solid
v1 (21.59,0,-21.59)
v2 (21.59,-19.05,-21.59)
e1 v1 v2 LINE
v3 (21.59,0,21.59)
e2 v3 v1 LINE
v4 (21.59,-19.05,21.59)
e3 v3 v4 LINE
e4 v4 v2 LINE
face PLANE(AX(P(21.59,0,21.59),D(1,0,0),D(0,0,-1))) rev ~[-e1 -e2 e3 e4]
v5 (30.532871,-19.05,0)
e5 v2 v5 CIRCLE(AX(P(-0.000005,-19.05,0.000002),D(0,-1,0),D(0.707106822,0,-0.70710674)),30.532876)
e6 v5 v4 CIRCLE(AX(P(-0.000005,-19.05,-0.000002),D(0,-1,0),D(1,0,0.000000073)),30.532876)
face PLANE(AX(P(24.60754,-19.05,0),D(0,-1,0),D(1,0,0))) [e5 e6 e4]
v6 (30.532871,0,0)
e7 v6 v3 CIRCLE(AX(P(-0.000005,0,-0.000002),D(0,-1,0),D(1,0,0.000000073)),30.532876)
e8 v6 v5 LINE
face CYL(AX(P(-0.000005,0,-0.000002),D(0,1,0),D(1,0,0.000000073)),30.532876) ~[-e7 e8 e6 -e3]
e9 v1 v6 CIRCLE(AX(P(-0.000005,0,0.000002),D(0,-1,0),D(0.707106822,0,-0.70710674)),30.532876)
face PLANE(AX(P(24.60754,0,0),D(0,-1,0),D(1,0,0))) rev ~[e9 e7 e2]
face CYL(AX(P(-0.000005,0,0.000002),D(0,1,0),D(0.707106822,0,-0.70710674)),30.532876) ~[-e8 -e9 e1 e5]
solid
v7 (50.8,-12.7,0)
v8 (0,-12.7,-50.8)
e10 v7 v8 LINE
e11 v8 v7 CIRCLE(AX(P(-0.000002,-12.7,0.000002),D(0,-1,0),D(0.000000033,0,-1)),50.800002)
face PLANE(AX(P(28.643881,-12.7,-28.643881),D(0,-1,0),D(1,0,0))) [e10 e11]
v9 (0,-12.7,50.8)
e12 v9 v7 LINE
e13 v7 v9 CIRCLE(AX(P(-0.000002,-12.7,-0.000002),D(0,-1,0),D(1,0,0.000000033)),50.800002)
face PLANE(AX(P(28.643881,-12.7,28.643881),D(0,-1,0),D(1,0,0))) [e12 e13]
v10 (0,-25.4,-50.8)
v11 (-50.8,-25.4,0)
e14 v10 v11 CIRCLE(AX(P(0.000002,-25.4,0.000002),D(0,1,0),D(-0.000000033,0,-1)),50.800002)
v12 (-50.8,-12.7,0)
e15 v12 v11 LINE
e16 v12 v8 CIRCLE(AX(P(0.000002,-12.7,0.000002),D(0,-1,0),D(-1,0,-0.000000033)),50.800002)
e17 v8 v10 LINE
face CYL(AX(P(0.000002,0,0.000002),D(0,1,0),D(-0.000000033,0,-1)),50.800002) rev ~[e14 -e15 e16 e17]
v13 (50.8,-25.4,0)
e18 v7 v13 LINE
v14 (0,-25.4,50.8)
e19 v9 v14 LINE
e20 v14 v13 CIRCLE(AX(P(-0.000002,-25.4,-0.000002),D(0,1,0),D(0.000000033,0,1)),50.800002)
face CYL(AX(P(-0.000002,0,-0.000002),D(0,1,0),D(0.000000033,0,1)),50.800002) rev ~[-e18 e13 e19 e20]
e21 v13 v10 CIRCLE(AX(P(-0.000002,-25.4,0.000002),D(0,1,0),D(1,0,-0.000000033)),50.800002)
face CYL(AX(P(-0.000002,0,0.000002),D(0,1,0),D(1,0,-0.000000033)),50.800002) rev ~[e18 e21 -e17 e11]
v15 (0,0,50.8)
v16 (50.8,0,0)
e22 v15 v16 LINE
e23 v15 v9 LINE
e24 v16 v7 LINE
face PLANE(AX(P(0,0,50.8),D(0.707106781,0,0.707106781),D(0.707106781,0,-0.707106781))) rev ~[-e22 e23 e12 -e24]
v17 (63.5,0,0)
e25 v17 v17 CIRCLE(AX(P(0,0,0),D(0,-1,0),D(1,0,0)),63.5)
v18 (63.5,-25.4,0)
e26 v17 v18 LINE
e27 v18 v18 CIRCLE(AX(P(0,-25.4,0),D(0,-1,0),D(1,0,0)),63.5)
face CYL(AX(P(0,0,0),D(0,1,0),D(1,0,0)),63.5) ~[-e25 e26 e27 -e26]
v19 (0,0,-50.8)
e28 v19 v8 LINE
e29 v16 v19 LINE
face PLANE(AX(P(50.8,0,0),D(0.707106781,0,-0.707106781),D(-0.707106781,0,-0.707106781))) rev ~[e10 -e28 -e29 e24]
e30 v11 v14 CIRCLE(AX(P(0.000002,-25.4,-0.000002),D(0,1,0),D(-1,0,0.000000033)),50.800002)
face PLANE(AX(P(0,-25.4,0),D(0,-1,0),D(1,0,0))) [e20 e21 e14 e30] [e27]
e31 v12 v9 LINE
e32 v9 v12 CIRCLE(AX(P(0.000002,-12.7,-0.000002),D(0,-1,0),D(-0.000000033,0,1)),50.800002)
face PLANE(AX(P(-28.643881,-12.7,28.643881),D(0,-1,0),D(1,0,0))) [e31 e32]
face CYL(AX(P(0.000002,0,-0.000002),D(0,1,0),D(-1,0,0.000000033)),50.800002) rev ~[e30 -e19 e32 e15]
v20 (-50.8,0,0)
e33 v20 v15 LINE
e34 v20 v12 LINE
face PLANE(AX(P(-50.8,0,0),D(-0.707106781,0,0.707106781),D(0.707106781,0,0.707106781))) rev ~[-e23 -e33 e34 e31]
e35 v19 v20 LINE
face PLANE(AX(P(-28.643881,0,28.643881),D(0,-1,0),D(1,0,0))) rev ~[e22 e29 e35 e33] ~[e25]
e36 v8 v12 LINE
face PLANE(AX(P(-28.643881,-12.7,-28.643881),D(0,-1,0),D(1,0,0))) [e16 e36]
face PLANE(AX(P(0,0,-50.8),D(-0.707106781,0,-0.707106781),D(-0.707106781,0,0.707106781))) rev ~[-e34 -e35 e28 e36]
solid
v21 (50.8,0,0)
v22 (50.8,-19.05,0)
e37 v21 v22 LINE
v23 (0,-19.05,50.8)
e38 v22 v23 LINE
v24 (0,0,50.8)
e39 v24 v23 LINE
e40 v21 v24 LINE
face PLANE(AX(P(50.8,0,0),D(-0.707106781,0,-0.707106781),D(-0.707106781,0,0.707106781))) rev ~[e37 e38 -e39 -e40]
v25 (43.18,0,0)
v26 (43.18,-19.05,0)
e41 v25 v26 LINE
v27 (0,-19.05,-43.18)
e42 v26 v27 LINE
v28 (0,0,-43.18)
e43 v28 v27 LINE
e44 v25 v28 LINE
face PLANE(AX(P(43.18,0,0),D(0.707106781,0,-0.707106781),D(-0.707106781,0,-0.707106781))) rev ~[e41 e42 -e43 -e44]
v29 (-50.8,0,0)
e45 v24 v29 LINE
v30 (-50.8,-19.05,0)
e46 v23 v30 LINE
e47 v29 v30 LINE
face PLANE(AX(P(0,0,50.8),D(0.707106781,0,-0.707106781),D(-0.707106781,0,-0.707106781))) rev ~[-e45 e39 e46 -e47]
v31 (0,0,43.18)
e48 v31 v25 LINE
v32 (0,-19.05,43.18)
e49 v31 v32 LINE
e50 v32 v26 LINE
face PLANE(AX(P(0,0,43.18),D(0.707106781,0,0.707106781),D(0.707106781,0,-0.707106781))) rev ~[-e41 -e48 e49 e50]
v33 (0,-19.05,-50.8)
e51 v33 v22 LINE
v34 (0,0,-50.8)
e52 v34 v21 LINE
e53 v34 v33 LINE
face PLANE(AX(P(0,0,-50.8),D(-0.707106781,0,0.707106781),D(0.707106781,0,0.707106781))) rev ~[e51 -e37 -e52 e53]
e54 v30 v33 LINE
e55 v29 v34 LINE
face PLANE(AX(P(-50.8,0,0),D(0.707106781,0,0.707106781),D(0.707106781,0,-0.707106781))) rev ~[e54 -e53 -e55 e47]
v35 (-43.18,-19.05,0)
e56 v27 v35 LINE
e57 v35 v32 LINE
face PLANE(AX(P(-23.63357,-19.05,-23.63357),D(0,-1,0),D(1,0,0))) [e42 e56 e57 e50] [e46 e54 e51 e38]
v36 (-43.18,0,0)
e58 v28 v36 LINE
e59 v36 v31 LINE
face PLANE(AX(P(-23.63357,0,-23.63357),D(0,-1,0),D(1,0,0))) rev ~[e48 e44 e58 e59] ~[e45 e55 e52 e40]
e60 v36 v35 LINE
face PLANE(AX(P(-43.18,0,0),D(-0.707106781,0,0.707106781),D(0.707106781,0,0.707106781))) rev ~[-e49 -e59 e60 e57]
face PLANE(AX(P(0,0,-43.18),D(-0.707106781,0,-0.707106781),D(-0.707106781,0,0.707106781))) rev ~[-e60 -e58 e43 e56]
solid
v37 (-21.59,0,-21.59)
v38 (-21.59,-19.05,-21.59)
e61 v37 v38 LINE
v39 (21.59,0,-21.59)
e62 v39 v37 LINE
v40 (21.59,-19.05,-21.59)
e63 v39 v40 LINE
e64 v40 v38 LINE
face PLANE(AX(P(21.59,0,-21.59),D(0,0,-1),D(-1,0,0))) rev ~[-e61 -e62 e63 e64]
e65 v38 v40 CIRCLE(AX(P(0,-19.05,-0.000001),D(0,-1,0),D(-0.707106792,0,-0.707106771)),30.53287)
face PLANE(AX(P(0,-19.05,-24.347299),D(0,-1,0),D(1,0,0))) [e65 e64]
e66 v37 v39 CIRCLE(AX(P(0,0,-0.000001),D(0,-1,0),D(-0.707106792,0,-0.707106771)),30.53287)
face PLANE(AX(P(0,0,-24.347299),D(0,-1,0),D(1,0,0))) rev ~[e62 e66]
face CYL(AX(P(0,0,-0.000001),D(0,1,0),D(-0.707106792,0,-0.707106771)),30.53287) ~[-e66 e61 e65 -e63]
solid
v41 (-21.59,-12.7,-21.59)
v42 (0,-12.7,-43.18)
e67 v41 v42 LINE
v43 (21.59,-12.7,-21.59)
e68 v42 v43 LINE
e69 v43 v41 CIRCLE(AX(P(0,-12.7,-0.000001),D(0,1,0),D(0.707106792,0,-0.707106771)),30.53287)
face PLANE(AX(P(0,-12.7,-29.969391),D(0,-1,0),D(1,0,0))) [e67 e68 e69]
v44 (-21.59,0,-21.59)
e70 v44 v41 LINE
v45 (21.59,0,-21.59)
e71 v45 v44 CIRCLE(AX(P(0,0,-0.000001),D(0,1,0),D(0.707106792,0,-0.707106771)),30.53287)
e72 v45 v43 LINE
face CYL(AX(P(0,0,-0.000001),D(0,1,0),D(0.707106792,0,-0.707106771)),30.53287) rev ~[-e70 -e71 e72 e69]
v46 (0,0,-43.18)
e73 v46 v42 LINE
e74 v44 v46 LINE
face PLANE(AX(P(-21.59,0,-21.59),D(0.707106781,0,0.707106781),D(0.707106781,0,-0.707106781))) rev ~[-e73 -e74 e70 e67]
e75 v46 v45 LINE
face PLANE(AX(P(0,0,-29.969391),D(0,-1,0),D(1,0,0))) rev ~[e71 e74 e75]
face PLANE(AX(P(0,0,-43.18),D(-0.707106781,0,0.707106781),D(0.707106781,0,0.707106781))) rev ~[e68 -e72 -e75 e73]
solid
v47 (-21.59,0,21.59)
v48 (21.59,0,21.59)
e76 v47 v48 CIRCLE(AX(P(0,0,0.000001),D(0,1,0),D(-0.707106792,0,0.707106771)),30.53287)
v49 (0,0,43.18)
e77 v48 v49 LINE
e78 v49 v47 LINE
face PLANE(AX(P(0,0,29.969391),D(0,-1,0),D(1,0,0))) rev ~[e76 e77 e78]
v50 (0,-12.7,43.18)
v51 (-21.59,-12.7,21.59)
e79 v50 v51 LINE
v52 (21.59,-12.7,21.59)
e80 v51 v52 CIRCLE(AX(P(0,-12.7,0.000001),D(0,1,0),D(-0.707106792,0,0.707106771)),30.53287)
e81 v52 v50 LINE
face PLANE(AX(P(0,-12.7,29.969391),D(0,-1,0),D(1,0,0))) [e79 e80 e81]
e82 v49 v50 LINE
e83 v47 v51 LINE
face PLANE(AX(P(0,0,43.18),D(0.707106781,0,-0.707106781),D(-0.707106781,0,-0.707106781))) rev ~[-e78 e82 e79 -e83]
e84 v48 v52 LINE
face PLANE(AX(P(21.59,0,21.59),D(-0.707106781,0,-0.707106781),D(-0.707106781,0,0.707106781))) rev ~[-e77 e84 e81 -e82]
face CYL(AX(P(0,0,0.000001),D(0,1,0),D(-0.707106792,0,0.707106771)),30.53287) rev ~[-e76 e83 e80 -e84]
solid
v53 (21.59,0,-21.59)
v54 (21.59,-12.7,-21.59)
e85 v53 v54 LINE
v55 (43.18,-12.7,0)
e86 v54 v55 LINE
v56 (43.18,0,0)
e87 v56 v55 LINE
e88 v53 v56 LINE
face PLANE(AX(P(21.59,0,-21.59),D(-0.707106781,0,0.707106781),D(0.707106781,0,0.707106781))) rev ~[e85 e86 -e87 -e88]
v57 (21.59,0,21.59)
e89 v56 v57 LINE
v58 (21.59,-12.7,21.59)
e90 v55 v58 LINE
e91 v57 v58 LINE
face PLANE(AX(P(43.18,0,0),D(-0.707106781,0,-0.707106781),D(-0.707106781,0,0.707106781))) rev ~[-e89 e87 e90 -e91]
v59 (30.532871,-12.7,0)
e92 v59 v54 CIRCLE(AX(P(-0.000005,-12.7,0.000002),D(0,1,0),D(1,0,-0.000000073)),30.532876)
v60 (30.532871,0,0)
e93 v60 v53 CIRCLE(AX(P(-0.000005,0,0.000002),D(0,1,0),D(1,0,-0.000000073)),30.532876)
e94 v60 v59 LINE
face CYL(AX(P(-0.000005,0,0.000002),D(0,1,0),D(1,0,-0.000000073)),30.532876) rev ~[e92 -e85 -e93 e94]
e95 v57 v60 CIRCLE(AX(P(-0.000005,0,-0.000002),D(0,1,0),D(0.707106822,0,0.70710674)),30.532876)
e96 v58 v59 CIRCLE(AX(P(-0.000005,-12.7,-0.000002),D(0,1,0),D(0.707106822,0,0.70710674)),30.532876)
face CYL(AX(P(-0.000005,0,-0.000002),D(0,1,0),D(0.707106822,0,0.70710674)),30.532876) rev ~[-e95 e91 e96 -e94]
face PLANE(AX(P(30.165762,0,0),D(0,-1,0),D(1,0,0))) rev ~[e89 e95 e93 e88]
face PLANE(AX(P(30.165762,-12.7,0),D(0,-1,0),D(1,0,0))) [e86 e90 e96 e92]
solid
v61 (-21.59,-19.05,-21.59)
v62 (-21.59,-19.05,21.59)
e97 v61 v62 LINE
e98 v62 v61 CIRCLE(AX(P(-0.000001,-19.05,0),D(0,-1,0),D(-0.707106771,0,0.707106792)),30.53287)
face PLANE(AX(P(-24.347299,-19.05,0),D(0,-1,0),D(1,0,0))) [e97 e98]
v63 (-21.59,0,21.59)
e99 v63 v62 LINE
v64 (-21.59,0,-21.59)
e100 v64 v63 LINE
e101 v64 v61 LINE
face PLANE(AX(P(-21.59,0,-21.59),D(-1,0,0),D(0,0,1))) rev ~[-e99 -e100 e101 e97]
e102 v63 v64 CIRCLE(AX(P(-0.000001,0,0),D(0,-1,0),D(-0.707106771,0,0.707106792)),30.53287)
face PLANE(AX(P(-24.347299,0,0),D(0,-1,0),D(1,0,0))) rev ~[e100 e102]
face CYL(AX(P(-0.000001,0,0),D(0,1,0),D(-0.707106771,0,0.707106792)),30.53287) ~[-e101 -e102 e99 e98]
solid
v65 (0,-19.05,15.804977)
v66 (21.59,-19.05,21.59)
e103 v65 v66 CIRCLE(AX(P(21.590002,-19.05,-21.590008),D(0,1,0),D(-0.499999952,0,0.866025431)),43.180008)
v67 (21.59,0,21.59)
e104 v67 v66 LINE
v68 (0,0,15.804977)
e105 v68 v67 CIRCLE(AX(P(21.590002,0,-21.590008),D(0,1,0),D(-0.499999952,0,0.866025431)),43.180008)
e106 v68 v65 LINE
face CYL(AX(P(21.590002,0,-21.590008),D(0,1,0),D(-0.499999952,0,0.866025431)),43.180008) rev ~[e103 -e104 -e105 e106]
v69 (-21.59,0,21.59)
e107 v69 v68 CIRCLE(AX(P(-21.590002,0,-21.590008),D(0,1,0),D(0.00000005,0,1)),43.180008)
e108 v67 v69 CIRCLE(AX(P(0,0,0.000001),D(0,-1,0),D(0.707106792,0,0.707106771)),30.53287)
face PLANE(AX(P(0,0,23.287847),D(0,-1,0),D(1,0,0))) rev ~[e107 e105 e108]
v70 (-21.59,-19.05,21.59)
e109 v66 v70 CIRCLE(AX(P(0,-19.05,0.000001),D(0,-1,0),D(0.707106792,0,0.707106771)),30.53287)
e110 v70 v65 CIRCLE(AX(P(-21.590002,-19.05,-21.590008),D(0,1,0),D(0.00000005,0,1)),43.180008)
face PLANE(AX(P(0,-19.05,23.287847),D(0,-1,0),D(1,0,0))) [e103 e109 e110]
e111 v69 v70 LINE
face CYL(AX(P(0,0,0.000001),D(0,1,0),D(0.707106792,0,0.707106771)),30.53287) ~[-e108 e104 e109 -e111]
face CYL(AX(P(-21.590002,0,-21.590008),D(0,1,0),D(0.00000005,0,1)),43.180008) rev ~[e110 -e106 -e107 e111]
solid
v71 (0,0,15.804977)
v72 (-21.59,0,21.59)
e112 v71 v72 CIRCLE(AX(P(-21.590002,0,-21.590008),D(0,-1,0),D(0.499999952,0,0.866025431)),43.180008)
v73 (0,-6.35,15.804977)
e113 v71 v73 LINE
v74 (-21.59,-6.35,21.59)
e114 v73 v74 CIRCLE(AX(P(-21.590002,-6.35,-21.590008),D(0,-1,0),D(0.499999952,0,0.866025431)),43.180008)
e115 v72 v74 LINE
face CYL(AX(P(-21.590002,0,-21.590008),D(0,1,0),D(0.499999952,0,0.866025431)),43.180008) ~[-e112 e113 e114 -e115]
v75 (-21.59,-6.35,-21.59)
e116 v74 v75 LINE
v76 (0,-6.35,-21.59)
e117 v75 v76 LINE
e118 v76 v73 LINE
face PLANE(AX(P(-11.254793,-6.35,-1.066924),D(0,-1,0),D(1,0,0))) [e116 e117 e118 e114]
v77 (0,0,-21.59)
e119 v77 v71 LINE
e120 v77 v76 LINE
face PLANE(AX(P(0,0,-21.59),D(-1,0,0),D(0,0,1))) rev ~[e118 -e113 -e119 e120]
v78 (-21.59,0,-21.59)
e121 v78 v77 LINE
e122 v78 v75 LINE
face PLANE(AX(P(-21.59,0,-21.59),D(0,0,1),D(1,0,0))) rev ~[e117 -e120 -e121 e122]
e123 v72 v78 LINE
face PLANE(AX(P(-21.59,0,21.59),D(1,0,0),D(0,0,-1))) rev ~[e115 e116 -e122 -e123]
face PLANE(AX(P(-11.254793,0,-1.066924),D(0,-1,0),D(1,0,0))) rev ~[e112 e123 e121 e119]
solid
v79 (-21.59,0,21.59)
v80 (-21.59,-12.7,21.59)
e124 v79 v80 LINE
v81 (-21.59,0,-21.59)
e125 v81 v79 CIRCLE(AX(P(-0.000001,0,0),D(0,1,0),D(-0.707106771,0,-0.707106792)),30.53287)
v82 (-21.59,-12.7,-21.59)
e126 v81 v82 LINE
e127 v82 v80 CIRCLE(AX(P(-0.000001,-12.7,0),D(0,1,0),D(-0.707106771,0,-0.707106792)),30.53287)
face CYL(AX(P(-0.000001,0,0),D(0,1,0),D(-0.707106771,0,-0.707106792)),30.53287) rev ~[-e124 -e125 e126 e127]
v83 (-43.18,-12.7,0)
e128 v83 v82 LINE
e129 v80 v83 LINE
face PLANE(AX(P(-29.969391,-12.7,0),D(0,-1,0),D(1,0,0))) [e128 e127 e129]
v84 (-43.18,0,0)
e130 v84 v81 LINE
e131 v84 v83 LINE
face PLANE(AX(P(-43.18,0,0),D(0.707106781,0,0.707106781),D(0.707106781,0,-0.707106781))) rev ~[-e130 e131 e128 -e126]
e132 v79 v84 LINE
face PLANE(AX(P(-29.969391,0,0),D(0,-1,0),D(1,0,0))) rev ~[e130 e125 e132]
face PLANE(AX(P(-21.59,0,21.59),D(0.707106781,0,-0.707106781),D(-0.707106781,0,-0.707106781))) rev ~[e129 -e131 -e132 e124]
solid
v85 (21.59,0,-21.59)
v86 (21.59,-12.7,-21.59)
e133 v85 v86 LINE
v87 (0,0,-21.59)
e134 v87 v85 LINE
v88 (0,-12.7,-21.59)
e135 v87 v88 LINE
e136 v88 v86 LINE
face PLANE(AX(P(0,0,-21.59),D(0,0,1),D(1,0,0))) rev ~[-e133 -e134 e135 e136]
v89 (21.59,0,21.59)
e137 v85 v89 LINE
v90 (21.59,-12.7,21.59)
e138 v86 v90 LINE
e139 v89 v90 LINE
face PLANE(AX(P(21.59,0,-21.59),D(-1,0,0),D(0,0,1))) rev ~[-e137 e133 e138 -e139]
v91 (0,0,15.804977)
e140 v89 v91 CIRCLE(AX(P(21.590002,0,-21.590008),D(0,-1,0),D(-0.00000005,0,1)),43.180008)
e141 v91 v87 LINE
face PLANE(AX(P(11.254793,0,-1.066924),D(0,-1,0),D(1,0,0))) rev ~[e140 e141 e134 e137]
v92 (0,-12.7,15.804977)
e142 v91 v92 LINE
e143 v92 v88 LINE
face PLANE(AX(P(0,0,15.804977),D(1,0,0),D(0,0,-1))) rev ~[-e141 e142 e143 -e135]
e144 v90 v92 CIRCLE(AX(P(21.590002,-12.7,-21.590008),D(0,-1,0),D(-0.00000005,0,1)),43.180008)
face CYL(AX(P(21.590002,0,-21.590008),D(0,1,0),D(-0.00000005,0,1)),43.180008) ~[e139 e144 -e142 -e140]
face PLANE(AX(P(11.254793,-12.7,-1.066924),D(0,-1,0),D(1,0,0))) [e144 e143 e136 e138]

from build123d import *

# Parameters (mm, degrees)
F0_R     = 63.5
F1_DEPTH = 25.4
F2_DEPTH = 12.7
F3_DEPTH = 12.7
F4_DEPTH = 19.05
F5_DEPTH = 19.05
F6_DEPTH = 6.35
F7_DEPTH = 12.7


with BuildPart() as f1:
    # F0 (on Front) → F1 (new body)
    with BuildSketch(Plane.XZ):
        Circle(F0_R)
        with BuildLine():
            ThreePointArc((0, 50.8), (35.921024, 35.921024), (50.8, 0))
            ThreePointArc((50.8, 0), (35.921024, -35.921024), (0, -50.8))
            ThreePointArc((0, -50.8), (-35.921024, -35.921024), (-50.8, 0))
            ThreePointArc((-50.8, 0), (-35.921024, 35.921024), (0, 50.8))
        make_face(mode=Mode.SUBTRACT)
    extrude(amount=F1_DEPTH)

    # F0 (on Front) → F2 (join)
    with BuildSketch(Plane.XZ):
        with BuildLine():
            Line((-50.8, 0), (0, 50.8))
            ThreePointArc((0, 50.8), (-35.921024, 35.921024), (-50.8, 0))
        make_face()
        with BuildLine():
            ThreePointArc((-50.8, 0), (-35.921024, -35.921024), (0, -50.8))
            Line((0, -50.8), (-50.8, 0))
        make_face()
        with BuildLine():
            ThreePointArc((0, -50.8), (35.921024, -35.921024), (50.8, 0))
            Line((50.8, 0), (0, -50.8))
        make_face()
        with BuildLine():
            Line((0, 50.8), (50.8, 0))
            ThreePointArc((50.8, 0), (35.921024, 35.921024), (0, 50.8))
        make_face()
    extrude(amount=F2_DEPTH)


with BuildPart() as f3:
    # F0 (on Front) → F3 (new body)
    with BuildSketch(Plane.XZ):
        with BuildLine():
            Line((-21.59, 21.59), (-43.18, 0))
            Line((-43.18, 0), (-21.59, -21.59))
            ThreePointArc((-21.59, -21.59), (-30.532871, 0), (-21.59, 21.59))
        make_face()
        with BuildLine():
            Line((-21.59, -21.59), (0, -43.18))
            Line((0, -43.18), (21.59, -21.59))
            ThreePointArc((21.59, -21.59), (0, -30.532871), (-21.59, -21.59))
        make_face()
        with BuildLine():
            Line((21.59, -21.59), (43.18, 0))
            Line((43.18, 0), (21.59, 21.59))
            ThreePointArc((21.59, 21.59), (28.208694, 11.684424), (30.532871, 0))
            ThreePointArc((30.532871, 0), (28.208694, -11.684424), (21.59, -21.59))
        make_face()
        with BuildLine():
            Line((21.59, 21.59), (0, 43.18))
            Line((0, 43.18), (-21.59, 21.59))
            ThreePointArc((-21.59, 21.59), (0, 30.532871), (21.59, 21.59))
        make_face()
    extrude(amount=F3_DEPTH)


with BuildPart() as f4:
    # F0 (on Front) → F4 (new body)
    with BuildSketch(Plane.XZ):
        with BuildLine():
            ThreePointArc((0, 15.804977), (10.414194, 20.118677), (21.59, 21.59))
            ThreePointArc((21.59, 21.59), (0, 30.532871), (-21.59, 21.59))
            ThreePointArc((-21.59, 21.59), (-10.414194, 20.118677), (0, 15.804977))
        make_face()
        with BuildLine():
            Line((-21.59, -21.59), (-21.59, 21.59))
            ThreePointArc((-21.59, 21.59), (-30.532871, 0), (-21.59, -21.59))
        make_face()
        with BuildLine():
            ThreePointArc((30.532871, 0), (28.208694, 11.684424), (21.59, 21.59))
            Line((21.59, 21.59), (21.59, -21.59))
            ThreePointArc((21.59, -21.59), (28.208694, -11.684424), (30.532871, 0))
        make_face()
        with BuildLine():
            ThreePointArc((-21.59, -21.59), (0, -30.532871), (21.59, -21.59))
            Line((21.59, -21.59), (0, -21.59))
            Line((0, -21.59), (-21.59, -21.59))
        make_face()
    extrude(amount=F4_DEPTH)


with BuildPart() as f5:
    # F0 (on Front) → F5 (new body)
    with BuildSketch(Plane.XZ):
        Polygon((-50.8, 0), (0, -50.8), (0, -43.18), (-21.59, -21.59), (-43.18, 0), align=None)
        Polygon((0, 43.18), (0, 50.8), (-50.8, 0), (-43.18, 0), (-21.59, 21.59), align=None)
        Polygon((0, -50.8), (50.8, 0), (43.18, 0), (21.59, -21.59), (0, -43.18), align=None)
        Polygon((43.18, 0), (50.8, 0), (0, 50.8), (0, 43.18), (21.59, 21.59), align=None)
    extrude(amount=F5_DEPTH)


with BuildPart() as f6:
    # F0 (on Front) → F6 (new body)
    with BuildSketch(Plane.XZ):
        with BuildLine():
            ThreePointArc((0, 15.804977), (-10.414194, 20.118677), (-21.59, 21.59))
            Line((-21.59, 21.59), (-21.59, -21.59))
            Line((-21.59, -21.59), (0, -21.59))
            Line((0, -21.59), (0, 15.804977))
        make_face()
    extrude(amount=F6_DEPTH)


with BuildPart() as f7:
    # F0 (on Front) → F7 (new body)
    with BuildSketch(Plane.XZ):
        with BuildLine():
            Line((21.59, -21.59), (21.59, 21.59))
            ThreePointArc((21.59, 21.59), (10.414194, 20.118677), (0, 15.804977))
            Line((0, 15.804977), (0, -21.59))
            Line((0, -21.59), (21.59, -21.59))
        make_face()
    extrude(amount=F7_DEPTH)


solid = Compound([f1.part, f3.part, f4.part, f5.part, f6.part, f7.part])
